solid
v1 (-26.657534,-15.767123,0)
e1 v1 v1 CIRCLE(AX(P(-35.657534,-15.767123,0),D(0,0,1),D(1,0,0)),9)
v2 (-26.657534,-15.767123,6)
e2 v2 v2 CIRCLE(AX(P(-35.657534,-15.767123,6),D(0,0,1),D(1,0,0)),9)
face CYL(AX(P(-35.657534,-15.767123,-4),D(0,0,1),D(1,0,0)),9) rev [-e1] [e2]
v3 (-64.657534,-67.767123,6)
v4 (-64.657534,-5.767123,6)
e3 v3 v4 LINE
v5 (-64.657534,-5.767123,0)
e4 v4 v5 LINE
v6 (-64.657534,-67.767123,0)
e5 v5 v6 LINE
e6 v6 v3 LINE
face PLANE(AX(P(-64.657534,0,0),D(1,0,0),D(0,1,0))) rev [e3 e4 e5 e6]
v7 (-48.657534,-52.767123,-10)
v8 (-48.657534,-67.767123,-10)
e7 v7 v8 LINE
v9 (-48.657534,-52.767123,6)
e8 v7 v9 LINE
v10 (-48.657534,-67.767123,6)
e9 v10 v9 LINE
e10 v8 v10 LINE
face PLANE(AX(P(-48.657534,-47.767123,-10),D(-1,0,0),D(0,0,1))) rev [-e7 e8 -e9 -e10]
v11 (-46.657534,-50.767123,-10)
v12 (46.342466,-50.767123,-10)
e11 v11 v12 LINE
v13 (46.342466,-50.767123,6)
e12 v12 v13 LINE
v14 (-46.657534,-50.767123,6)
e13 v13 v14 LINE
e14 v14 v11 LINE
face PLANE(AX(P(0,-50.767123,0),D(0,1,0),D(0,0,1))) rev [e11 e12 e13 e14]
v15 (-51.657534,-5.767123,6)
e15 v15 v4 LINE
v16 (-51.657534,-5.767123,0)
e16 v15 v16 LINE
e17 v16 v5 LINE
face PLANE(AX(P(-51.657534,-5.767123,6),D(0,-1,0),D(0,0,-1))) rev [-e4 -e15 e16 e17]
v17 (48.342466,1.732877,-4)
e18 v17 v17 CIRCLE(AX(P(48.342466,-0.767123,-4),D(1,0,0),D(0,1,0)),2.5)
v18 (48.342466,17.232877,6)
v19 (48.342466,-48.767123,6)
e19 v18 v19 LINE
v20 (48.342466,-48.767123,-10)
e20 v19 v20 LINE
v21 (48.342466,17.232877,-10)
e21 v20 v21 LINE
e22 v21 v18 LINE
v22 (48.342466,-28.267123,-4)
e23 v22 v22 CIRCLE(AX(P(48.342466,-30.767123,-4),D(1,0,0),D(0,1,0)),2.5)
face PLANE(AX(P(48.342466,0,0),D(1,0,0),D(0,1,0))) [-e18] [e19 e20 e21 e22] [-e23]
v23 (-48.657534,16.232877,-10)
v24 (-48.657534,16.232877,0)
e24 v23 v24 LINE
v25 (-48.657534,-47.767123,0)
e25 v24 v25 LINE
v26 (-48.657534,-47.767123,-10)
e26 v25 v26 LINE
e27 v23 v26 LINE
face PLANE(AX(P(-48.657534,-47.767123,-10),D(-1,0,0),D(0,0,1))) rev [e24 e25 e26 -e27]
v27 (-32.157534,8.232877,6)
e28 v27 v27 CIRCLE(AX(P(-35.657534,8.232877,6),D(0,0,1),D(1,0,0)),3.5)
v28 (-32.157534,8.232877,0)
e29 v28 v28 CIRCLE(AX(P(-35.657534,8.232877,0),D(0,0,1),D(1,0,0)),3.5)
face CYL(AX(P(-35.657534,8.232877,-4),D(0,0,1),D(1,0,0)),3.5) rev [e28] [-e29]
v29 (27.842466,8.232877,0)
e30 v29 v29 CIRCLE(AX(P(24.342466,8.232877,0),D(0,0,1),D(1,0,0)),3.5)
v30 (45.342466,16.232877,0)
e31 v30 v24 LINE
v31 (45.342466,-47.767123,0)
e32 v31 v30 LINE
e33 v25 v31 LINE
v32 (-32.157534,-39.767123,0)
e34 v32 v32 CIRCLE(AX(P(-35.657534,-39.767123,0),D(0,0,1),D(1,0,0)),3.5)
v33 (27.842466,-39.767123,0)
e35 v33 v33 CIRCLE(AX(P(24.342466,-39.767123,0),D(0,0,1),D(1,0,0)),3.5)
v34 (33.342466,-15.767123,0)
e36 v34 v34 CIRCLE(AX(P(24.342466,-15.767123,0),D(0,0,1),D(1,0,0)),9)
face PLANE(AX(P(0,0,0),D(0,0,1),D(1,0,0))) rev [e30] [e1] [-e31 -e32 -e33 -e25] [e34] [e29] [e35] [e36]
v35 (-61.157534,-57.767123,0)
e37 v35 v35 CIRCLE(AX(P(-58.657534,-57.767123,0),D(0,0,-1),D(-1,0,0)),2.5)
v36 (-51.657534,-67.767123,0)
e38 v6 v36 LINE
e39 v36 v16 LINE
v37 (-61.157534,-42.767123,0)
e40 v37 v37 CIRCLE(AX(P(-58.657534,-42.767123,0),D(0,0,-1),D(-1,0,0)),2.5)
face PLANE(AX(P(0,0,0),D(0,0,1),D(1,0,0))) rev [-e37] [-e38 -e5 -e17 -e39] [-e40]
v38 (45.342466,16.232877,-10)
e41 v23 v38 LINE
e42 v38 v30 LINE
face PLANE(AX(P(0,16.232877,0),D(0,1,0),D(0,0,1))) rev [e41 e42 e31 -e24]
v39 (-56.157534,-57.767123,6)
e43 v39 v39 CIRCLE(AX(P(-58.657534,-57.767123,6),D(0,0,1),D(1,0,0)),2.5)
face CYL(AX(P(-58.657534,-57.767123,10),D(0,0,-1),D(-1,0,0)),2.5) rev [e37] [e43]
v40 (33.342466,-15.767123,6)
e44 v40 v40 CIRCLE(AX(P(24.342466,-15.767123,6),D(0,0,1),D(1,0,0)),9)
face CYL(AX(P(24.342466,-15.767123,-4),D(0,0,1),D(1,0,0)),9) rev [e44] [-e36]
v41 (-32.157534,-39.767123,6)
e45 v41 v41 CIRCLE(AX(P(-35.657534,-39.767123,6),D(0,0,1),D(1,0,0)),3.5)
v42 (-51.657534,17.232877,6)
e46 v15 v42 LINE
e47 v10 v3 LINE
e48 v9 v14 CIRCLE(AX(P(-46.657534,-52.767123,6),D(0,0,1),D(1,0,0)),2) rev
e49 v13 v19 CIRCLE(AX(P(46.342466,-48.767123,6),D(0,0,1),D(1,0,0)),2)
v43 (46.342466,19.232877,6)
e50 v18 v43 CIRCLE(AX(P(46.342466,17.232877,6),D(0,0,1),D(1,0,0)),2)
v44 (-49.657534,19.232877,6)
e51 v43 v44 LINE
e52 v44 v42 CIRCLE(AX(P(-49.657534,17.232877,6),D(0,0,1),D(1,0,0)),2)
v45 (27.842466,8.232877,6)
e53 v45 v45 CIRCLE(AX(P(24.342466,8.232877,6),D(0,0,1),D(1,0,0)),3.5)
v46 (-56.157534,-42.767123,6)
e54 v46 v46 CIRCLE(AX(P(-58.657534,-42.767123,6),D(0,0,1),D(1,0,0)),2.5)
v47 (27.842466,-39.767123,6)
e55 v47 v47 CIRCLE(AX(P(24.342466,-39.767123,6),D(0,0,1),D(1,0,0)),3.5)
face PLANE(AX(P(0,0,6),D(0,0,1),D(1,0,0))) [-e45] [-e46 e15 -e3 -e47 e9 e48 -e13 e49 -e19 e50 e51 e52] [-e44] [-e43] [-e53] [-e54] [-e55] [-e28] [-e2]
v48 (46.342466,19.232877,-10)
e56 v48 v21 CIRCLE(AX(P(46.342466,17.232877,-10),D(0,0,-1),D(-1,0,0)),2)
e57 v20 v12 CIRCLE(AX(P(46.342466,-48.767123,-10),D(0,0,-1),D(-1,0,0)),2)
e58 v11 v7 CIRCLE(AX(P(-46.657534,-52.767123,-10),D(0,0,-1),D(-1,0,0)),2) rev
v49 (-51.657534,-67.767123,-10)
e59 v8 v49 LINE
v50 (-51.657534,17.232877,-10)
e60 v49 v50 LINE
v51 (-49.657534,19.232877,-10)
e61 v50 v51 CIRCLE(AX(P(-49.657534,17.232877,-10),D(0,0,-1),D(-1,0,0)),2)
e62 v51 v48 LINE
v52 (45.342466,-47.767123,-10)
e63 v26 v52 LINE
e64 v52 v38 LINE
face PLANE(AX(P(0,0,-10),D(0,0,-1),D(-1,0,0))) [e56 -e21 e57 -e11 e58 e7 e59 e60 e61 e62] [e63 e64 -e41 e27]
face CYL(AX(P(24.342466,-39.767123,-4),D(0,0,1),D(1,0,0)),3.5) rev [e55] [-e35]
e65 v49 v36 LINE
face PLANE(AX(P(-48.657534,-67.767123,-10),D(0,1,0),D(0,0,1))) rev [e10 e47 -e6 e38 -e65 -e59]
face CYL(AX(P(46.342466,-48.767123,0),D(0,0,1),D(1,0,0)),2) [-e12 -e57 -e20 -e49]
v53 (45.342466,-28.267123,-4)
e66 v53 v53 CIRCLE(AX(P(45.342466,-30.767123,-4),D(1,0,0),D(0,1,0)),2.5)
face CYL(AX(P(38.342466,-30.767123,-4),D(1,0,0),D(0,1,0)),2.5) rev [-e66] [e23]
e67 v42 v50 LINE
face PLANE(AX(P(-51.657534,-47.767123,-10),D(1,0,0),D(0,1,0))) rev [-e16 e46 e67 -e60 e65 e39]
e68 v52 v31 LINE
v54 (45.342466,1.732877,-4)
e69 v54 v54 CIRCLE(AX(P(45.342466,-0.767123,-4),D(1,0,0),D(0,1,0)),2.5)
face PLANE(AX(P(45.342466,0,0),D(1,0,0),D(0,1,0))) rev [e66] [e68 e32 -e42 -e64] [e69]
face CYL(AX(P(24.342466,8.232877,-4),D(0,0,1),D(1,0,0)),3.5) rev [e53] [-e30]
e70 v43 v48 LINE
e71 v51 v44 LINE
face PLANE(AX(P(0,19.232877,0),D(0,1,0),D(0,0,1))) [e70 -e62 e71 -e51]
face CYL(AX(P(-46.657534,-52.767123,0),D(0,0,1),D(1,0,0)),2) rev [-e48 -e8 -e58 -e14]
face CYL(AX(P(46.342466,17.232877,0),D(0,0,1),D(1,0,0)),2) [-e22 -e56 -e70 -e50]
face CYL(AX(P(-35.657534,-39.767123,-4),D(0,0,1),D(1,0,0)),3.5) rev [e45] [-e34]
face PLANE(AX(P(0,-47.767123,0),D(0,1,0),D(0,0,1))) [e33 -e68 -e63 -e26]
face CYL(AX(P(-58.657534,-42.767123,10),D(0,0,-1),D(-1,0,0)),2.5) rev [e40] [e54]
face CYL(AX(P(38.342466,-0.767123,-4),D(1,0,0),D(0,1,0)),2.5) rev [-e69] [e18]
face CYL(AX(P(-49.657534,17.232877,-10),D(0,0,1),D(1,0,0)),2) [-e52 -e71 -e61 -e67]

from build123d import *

# Parameters (mm, degrees)
SKETCH1_W           = 100
SKETCH1_H           = 64
BOSS_EXTRUDE1_DEPTH = 6
SKETCH2_R           = 9
SKETCH2_R_2         = 3.5
CUT_EXTRUDE1_DEPTH  = 10
LPATTERN1_COUNT     = 2
LPATTERN1_PITCH     = 60
BOSS_EXTRUDE2_DEPTH = 10
SKETCH4_W           = 6
SKETCH4_H           = 6
BOSS_EXTRUDE3_DEPTH = 20
SKETCH5_W           = 97
SKETCH5_H           = 16
BOSS_EXTRUDE4_DEPTH = 3
LPATTERN4_COUNT     = 2
LPATTERN4_PITCH     = 67
SKETCH6_W           = 16
SKETCH6_H           = 70
BOSS_EXTRUDE5_DEPTH = 3
SKETCH7_W           = 5.405235292
SKETCH7_H           = 22
CUT_EXTRUDE2_DEPTH  = 6
SKETCH8_W           = 6
SKETCH8_H           = 62
BOSS_EXTRUDE6_DEPTH = 10
SKETCH9_R           = 2.5
CUT_EXTRUDE3_DEPTH  = 10
LPATTERN5_COUNT     = 2
LPATTERN5_PITCH     = 15
FILLET1_R           = 2
SKETCH10_R          = 2.5
CUT_EXTRUDE4_DEPTH  = 10
LPATTERN6_COUNT     = 2
LPATTERN6_PITCH     = 30


with BuildPart() as part:
    # Sketch1 → Boss-Extrude1 (new body)
    with BuildSketch(Plane.XY):
        with Locations((-4.657534247, -15.767123288)):
            Rectangle(SKETCH1_W, SKETCH1_H)
    extrude(amount=BOSS_EXTRUDE1_DEPTH)

    # Sketch2 → Cut-Extrude1 (cut)
    with BuildSketch(Plane.XY.offset(6)):
        with Locations((-35.657534247, -15.767123288)):
            Circle(SKETCH2_R)
        with Locations((-35.657534247, 8.232876712)):
            Circle(SKETCH2_R_2)
        with Locations((-35.657534247, -39.767123288)):
            Circle(SKETCH2_R_2)
    cut_extrude1 = extrude(amount=-CUT_EXTRUDE1_DEPTH, mode=Mode.SUBTRACT)

    # LPattern1: Cut-Extrude1 ×2
    with Locations(*[(i * LPATTERN1_PITCH, 0, 0) for i in range(1, LPATTERN1_COUNT)]):
        add(cut_extrude1, mode=Mode.SUBTRACT)

    # Sketch3 → Boss-Extrude2 (add)
    with BuildSketch(Plane(origin=(0, 0, 0), x_dir=(-1, 0, 0), z_dir=(0, 0, -1))):
        Polygon((48.657534247, -47.767123288), (48.657534247, 16.232876712), (51.657534247, 16.232876712), (51.657534247, -47.767123288), (51.657534247, -67.767123288), (48.657534247, -67.767123288), align=None)
    extrude(amount=BOSS_EXTRUDE2_DEPTH)

    # Sketch4 → Boss-Extrude3 (add)
    with BuildSketch(Plane(origin=(0, -47.767123288, 0), x_dir=(-1, 0, 0), z_dir=(0, -1, 0))):
        with Locations((51.657534247, -3)):
            Rectangle(SKETCH4_W, SKETCH4_H)
    extrude(amount=BOSS_EXTRUDE3_DEPTH)

    # Sketch5 → Boss-Extrude4 (add)
    with BuildSketch(Plane(origin=(0, -47.767123288, 0), x_dir=(-1, 0, 0), z_dir=(0, -1, 0))):
        with Locations((3.157534247, 2)):
            Rectangle(SKETCH5_W, SKETCH5_H)
    boss_extrude4 = extrude(amount=BOSS_EXTRUDE4_DEPTH)

    # LPattern4: Boss-Extrude4 ×2
    with Locations(*[(0, i * LPATTERN4_PITCH, 0) for i in range(1, LPATTERN4_COUNT)]):
        add(boss_extrude4)

    # Sketch6 → Boss-Extrude5 (add)
    with BuildSketch(Plane(origin=(45.342465753, 0, 0), x_dir=(0, 0, -1), z_dir=(1, 0, 0))):
        with Locations((2, -15.767123288)):
            Rectangle(SKETCH6_W, SKETCH6_H)
    extrude(amount=BOSS_EXTRUDE5_DEPTH)

    # Sketch7 → Cut-Extrude2 (cut)
    with BuildSketch(Plane(origin=(0, 0, 0), x_dir=(-1, 0, 0), z_dir=(0, 0, -1))):
        with Locations((54.360151893, 5.232876712)):
            Rectangle(SKETCH7_W, SKETCH7_H)
    extrude(amount=-CUT_EXTRUDE2_DEPTH, mode=Mode.SUBTRACT)

    # Sketch8 → Boss-Extrude6 (add)
    with BuildSketch(Plane.ZY.offset(54.657534247)):
        with Locations((3, -36.767123288)):
            Rectangle(SKETCH8_W, SKETCH8_H)
    extrude(amount=BOSS_EXTRUDE6_DEPTH)

    # Sketch9 → Cut-Extrude3 (cut)
    with BuildSketch(Plane(origin=(0, 0, 0), x_dir=(-1, 0, 0), z_dir=(0, 0, -1))):
        with Locations((58.657534247, -57.767123288)):
            Circle(SKETCH9_R)
    cut_extrude3 = extrude(amount=-CUT_EXTRUDE3_DEPTH, mode=Mode.SUBTRACT)

    # LPattern5: Cut-Extrude3 ×2
    with Locations(*[(0, i * LPATTERN5_PITCH, 0) for i in range(1, LPATTERN5_COUNT)]):
        add(cut_extrude3, mode=Mode.SUBTRACT)

    # Fillet1
    fillet1_edges = [part.edges().sort_by_distance(p)[0] for p in [
        (-51.657534247, 19.232876712, -2),
        (48.342465753, -50.767123288, -2),
        (48.342465753, 19.232876712, -2),
        (-48.657534247, -50.767123288, -2),
    ]]
    fillet(fillet1_edges, radius=FILLET1_R)

    # Sketch10 → Cut-Extrude4 (cut)
    with BuildSketch(Plane(origin=(48.342465753, 0, 0), x_dir=(0, 0, -1), z_dir=(1, 0, 0))):
        with Locations((4, -0.767123288)):
            Circle(SKETCH10_R)
    cut_extrude4 = extrude(amount=-CUT_EXTRUDE4_DEPTH, mode=Mode.SUBTRACT)

    # LPattern6: Cut-Extrude4 ×2
    with Locations(*[(0, -i * LPATTERN6_PITCH, 0) for i in range(1, LPATTERN6_COUNT)]):
        add(cut_extrude4, mode=Mode.SUBTRACT)


solid = part.part
